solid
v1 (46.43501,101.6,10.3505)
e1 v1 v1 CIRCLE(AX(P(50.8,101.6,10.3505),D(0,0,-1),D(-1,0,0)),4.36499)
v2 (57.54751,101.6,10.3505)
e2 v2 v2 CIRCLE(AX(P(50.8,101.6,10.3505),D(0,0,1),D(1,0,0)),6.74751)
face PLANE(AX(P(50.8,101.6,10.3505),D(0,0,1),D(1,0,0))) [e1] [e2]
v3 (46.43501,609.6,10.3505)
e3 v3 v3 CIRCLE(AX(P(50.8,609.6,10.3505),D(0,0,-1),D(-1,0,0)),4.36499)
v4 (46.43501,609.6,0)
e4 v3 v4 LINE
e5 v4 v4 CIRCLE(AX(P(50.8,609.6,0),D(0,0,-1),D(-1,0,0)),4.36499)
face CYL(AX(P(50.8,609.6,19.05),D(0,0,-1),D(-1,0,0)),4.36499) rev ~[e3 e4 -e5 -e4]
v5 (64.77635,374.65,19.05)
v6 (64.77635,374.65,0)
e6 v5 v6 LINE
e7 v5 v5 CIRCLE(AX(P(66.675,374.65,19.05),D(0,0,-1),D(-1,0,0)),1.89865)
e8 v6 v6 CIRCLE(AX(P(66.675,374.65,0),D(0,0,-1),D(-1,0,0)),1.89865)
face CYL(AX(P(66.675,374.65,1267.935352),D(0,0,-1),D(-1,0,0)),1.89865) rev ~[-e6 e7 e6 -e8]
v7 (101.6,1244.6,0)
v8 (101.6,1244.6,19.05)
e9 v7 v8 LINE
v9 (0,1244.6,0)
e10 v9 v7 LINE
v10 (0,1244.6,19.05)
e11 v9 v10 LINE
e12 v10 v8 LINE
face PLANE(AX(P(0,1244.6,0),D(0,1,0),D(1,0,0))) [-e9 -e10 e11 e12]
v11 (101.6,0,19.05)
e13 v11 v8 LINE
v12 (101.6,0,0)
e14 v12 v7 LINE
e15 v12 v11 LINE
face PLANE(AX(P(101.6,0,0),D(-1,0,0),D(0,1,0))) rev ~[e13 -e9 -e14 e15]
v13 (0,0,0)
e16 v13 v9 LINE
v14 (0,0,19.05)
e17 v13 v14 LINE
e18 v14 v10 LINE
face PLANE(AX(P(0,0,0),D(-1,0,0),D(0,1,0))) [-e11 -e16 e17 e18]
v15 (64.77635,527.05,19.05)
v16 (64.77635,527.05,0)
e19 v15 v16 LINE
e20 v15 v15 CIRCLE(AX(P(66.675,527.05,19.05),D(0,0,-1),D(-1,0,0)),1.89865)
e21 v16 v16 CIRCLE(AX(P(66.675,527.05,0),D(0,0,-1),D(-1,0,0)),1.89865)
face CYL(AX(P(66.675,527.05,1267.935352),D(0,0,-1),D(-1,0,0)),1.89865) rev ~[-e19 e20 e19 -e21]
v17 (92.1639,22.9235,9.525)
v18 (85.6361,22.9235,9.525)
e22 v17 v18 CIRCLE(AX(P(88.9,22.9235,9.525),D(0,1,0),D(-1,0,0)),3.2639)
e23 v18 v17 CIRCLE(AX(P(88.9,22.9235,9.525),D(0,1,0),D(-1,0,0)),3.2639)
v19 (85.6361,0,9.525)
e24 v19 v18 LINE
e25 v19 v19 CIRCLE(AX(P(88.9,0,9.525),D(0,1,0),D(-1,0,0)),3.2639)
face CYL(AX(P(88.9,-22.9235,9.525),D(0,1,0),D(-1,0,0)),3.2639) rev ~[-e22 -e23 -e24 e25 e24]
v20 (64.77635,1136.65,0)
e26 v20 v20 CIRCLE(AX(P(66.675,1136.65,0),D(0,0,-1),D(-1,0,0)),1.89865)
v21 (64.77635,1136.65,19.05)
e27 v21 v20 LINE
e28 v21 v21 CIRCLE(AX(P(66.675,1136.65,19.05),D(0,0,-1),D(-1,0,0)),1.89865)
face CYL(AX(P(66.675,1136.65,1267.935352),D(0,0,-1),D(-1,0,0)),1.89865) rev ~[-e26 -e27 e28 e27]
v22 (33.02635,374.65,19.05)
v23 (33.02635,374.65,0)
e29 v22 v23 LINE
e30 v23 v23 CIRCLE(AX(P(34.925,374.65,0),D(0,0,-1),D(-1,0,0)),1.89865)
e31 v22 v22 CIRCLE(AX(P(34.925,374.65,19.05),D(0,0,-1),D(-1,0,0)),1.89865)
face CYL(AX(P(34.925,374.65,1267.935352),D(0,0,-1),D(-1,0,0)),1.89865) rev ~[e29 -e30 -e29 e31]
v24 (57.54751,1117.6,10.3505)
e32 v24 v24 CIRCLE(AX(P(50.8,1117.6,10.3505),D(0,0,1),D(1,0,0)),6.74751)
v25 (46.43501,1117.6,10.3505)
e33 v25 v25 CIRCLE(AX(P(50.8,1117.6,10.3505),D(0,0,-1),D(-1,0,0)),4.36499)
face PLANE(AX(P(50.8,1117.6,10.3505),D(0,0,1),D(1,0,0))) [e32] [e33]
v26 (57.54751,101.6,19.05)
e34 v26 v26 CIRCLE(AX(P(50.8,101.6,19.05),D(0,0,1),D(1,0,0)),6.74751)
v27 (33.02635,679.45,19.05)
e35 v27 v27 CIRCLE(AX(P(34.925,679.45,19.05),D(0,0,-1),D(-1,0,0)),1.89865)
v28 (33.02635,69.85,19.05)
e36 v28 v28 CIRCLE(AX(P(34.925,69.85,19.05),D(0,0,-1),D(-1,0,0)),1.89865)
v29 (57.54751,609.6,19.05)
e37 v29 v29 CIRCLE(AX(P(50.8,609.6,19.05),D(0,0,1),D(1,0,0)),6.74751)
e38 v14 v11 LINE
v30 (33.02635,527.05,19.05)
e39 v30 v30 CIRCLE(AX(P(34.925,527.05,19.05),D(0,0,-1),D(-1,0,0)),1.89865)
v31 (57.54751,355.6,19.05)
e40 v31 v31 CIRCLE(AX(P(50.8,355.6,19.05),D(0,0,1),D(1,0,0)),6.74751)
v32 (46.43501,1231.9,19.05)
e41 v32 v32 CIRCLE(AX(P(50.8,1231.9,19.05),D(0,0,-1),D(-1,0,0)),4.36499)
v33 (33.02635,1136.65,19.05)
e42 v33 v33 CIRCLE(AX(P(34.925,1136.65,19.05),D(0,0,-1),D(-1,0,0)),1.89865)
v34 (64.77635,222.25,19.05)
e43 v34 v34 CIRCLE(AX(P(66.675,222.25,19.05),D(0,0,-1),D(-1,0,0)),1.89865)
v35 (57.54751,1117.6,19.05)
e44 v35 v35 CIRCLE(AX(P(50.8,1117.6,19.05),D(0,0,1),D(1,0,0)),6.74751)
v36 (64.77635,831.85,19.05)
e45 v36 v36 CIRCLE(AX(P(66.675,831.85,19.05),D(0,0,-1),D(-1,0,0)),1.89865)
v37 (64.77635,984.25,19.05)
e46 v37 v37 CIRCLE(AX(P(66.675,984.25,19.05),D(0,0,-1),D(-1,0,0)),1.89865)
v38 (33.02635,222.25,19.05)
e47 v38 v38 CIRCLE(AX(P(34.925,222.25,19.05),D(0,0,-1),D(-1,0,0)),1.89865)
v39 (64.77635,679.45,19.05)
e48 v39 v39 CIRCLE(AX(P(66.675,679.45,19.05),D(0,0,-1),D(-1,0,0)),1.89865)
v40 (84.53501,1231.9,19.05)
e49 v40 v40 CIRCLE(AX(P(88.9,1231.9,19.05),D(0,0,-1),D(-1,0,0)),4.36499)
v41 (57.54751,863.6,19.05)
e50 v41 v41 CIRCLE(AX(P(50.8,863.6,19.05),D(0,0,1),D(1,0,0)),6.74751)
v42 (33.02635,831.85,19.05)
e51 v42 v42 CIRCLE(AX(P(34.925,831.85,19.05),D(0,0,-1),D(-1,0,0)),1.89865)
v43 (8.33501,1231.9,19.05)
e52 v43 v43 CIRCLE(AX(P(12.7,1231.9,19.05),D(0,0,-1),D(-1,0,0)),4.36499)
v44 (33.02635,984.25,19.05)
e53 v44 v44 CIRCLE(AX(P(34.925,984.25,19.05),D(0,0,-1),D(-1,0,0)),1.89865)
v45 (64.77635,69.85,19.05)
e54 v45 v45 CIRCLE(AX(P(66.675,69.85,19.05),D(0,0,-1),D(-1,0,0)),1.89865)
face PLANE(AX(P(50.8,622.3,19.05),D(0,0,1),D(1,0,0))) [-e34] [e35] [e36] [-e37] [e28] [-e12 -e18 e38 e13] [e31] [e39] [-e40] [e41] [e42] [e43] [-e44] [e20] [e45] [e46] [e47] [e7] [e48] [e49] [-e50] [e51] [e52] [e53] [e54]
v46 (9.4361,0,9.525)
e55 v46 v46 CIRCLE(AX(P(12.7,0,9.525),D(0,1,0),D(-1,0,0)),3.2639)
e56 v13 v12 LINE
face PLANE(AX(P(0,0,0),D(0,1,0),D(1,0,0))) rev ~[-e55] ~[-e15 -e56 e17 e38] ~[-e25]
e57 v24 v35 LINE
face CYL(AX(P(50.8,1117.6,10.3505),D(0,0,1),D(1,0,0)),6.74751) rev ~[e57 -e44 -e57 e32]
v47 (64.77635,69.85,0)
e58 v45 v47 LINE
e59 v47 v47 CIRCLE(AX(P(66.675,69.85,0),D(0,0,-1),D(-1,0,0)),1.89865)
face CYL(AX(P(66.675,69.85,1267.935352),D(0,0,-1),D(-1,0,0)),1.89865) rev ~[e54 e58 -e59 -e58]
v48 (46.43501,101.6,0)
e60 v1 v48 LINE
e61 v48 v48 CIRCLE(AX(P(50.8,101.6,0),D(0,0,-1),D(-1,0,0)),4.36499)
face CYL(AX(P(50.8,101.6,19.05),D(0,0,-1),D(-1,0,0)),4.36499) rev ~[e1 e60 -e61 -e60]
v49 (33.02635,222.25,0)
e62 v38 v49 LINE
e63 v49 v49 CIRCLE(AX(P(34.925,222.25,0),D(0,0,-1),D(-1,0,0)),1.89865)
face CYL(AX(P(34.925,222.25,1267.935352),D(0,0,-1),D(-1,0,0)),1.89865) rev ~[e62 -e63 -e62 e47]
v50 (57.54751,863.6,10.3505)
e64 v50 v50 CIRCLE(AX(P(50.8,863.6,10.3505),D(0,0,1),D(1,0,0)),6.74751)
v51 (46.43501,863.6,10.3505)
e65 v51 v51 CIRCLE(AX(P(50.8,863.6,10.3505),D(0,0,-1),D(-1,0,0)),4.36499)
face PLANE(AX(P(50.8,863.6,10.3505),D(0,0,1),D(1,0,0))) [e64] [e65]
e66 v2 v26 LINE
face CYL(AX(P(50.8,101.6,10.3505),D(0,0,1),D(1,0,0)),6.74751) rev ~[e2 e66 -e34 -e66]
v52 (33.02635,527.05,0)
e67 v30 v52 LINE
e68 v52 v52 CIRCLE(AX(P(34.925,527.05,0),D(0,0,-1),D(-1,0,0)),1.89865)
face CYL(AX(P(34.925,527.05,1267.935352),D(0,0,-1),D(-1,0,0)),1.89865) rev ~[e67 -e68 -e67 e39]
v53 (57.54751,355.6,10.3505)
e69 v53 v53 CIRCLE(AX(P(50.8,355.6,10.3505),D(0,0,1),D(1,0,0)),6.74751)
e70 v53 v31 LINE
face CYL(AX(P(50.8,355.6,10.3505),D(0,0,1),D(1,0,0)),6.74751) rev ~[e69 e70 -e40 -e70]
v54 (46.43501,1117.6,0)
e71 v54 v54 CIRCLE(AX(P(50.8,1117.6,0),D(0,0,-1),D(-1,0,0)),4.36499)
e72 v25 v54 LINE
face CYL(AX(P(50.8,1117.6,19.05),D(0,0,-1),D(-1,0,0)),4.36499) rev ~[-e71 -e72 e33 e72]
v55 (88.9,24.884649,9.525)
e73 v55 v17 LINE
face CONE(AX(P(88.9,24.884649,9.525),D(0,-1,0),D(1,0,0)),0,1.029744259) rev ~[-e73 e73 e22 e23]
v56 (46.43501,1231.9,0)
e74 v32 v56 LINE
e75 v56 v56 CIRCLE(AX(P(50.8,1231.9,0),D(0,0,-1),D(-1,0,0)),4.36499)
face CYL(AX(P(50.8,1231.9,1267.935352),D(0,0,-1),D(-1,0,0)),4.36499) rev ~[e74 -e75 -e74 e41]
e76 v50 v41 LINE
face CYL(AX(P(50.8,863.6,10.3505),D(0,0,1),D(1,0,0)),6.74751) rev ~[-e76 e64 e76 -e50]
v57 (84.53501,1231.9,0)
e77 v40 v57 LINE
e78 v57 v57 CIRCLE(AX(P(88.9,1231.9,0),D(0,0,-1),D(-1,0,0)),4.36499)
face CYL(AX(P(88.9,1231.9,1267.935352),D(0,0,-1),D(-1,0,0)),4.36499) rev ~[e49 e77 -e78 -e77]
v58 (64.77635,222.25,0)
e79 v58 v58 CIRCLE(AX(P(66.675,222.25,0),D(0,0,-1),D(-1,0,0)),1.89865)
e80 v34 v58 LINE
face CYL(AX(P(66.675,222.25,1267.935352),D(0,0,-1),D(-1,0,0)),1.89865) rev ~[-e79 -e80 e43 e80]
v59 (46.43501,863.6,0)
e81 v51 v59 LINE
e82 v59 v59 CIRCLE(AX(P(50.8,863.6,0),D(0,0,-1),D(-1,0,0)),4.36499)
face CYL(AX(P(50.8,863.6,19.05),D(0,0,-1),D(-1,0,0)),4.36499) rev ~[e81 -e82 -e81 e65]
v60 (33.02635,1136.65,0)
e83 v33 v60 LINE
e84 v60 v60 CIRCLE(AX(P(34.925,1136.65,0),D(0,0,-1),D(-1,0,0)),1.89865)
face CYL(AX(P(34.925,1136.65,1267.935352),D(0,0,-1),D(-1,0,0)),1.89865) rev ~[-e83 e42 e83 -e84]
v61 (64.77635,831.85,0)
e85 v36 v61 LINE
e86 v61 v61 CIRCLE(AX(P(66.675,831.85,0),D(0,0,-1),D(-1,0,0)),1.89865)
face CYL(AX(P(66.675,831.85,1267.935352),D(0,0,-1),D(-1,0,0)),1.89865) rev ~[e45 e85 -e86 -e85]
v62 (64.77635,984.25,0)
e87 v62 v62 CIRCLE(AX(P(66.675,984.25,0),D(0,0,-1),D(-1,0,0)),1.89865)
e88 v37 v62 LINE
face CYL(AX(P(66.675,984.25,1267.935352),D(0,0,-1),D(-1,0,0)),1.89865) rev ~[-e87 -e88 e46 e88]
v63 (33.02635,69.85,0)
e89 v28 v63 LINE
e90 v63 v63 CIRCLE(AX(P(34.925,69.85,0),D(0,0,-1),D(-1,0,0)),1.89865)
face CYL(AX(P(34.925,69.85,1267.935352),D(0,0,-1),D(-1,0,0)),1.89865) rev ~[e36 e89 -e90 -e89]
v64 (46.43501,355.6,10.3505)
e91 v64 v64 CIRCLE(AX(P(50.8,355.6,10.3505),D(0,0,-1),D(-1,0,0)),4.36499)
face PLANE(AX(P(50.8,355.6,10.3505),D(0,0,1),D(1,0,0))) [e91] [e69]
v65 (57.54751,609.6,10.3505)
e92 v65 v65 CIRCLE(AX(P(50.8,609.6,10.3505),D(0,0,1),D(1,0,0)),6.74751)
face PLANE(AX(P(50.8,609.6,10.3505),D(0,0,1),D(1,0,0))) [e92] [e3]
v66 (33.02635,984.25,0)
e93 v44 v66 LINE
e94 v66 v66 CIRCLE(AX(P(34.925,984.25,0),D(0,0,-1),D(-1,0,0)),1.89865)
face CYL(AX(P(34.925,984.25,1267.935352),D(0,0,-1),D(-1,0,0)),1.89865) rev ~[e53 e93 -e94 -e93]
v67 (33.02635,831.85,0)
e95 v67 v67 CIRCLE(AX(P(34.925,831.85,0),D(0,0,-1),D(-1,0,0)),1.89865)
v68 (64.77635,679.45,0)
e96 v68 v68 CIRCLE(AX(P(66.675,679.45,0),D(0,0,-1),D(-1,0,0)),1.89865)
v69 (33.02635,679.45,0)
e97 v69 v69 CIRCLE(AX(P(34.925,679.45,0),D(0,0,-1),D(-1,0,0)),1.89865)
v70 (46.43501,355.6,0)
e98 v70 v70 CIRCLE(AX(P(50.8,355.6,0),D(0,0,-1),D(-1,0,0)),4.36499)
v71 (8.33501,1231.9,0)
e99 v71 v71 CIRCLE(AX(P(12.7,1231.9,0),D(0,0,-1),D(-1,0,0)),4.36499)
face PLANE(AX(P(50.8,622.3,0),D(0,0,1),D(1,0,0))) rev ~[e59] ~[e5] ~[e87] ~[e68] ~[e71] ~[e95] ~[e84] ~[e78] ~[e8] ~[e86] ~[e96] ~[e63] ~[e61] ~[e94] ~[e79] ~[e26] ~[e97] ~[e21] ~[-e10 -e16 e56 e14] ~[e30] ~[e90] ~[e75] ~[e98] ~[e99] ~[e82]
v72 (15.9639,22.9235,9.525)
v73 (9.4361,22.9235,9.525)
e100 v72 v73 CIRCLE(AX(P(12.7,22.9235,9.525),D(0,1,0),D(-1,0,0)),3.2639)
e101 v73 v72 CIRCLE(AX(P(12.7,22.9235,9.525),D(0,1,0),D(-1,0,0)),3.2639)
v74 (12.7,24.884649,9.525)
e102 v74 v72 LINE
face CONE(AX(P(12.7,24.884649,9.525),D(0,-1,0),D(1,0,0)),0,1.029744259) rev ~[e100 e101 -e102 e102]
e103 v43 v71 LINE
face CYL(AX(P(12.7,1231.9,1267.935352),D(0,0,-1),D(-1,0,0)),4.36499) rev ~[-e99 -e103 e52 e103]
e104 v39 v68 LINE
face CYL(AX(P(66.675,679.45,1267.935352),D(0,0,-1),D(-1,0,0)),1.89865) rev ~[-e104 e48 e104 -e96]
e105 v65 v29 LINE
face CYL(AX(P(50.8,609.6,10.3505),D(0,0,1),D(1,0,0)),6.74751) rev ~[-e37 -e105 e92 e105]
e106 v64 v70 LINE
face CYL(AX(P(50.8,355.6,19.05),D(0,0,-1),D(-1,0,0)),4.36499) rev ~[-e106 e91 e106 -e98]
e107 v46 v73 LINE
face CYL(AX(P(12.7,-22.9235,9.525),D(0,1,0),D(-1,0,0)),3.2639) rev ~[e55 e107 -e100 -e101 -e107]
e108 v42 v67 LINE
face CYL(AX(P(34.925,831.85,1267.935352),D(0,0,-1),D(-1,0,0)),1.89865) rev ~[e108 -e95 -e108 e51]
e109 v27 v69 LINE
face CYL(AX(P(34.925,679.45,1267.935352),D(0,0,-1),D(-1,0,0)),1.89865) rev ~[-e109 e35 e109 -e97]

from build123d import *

# Parameters (mm, degrees)
SKETCH1_W                                         = 101.6
SKETCH1_H                                         = 1244.6
EXTRUDE1_DEPTH                                    = 19.05
CBORE_FOR_5_16_SOCKET_HEAD_CAP_SCREW1_D           = 8.72998
CBORE_FOR_5_16_SOCKET_HEAD_CAP_SCREW1_CBORE_D     = 13.49502
CBORE_FOR_5_16_SOCKET_HEAD_CAP_SCREW1_CBORE_DEPTH = 8.6995
F_5_16_18_TAPPED_HOLE1_D                          = 6.5278
F_5_16_18_TAPPED_HOLE1_DEPTH                      = 22.9235
F_5_16_18_TAPPED_HOLE1_TIP                        = 1.961148974
F_10_24_TAPPED_HOLE1_D                            = 3.7973
LPATTERN1_COUNT                                   = 8
LPATTERN1_PITCH                                   = 152.4
F_5_16_CLEARANCE_HOLE1_D                          = 8.72998


with BuildPart() as part:
    # Sketch1 → Extrude1 (new body)
    with BuildSketch(Plane.XY):
        with Locations((50.8, 622.3)):
            Rectangle(SKETCH1_W, SKETCH1_H)
    extrude(amount=EXTRUDE1_DEPTH)

    # CBORE for 5/16 Socket Head Cap Screw1 (through all)
    with Locations(Plane.XY.offset(19.05)):
        with Locations((50.8, 101.6), (50.8, 355.6), (50.8, 609.6), (50.8, 863.6), (50.8, 1117.6)):
            CounterBoreHole(CBORE_FOR_5_16_SOCKET_HEAD_CAP_SCREW1_D / 2, CBORE_FOR_5_16_SOCKET_HEAD_CAP_SCREW1_CBORE_D / 2, CBORE_FOR_5_16_SOCKET_HEAD_CAP_SCREW1_CBORE_DEPTH)

    # 5/16-18 Tapped Hole1
    with Locations(Plane.XZ):
        with Locations((12.7, 9.525), (88.9, 9.525)):
            Hole(F_5_16_18_TAPPED_HOLE1_D / 2, depth=F_5_16_18_TAPPED_HOLE1_DEPTH)
            with Locations((0, 0, -(F_5_16_18_TAPPED_HOLE1_DEPTH + F_5_16_18_TAPPED_HOLE1_TIP / 2))):  # 118° drill point
                Cone(0, F_5_16_18_TAPPED_HOLE1_D / 2, F_5_16_18_TAPPED_HOLE1_TIP, mode=Mode.SUBTRACT)

    # #10-24 Tapped Hole1 (through all)
    with Locations(Plane.XY.offset(19.05)):
        with Locations((34.925, 69.85), (66.675, 69.85)):
            f_10_24_tapped_hole1 = Hole(F_10_24_TAPPED_HOLE1_D / 2)

    # LPattern1: #10-24 Tapped Hole1 ×8
    with Locations(*[(0, i * LPATTERN1_PITCH, 0) for i in range(1, LPATTERN1_COUNT)]):
        add(f_10_24_tapped_hole1, mode=Mode.SUBTRACT)

    # 5/16 Clearance Hole1 (through all)
    with Locations(Plane.XY.offset(19.05)):
        with Locations((50.8, 1231.9), (12.7, 1231.9), (88.9, 1231.9)):
            Hole(F_5_16_CLEARANCE_HOLE1_D / 2)


solid = part.part
